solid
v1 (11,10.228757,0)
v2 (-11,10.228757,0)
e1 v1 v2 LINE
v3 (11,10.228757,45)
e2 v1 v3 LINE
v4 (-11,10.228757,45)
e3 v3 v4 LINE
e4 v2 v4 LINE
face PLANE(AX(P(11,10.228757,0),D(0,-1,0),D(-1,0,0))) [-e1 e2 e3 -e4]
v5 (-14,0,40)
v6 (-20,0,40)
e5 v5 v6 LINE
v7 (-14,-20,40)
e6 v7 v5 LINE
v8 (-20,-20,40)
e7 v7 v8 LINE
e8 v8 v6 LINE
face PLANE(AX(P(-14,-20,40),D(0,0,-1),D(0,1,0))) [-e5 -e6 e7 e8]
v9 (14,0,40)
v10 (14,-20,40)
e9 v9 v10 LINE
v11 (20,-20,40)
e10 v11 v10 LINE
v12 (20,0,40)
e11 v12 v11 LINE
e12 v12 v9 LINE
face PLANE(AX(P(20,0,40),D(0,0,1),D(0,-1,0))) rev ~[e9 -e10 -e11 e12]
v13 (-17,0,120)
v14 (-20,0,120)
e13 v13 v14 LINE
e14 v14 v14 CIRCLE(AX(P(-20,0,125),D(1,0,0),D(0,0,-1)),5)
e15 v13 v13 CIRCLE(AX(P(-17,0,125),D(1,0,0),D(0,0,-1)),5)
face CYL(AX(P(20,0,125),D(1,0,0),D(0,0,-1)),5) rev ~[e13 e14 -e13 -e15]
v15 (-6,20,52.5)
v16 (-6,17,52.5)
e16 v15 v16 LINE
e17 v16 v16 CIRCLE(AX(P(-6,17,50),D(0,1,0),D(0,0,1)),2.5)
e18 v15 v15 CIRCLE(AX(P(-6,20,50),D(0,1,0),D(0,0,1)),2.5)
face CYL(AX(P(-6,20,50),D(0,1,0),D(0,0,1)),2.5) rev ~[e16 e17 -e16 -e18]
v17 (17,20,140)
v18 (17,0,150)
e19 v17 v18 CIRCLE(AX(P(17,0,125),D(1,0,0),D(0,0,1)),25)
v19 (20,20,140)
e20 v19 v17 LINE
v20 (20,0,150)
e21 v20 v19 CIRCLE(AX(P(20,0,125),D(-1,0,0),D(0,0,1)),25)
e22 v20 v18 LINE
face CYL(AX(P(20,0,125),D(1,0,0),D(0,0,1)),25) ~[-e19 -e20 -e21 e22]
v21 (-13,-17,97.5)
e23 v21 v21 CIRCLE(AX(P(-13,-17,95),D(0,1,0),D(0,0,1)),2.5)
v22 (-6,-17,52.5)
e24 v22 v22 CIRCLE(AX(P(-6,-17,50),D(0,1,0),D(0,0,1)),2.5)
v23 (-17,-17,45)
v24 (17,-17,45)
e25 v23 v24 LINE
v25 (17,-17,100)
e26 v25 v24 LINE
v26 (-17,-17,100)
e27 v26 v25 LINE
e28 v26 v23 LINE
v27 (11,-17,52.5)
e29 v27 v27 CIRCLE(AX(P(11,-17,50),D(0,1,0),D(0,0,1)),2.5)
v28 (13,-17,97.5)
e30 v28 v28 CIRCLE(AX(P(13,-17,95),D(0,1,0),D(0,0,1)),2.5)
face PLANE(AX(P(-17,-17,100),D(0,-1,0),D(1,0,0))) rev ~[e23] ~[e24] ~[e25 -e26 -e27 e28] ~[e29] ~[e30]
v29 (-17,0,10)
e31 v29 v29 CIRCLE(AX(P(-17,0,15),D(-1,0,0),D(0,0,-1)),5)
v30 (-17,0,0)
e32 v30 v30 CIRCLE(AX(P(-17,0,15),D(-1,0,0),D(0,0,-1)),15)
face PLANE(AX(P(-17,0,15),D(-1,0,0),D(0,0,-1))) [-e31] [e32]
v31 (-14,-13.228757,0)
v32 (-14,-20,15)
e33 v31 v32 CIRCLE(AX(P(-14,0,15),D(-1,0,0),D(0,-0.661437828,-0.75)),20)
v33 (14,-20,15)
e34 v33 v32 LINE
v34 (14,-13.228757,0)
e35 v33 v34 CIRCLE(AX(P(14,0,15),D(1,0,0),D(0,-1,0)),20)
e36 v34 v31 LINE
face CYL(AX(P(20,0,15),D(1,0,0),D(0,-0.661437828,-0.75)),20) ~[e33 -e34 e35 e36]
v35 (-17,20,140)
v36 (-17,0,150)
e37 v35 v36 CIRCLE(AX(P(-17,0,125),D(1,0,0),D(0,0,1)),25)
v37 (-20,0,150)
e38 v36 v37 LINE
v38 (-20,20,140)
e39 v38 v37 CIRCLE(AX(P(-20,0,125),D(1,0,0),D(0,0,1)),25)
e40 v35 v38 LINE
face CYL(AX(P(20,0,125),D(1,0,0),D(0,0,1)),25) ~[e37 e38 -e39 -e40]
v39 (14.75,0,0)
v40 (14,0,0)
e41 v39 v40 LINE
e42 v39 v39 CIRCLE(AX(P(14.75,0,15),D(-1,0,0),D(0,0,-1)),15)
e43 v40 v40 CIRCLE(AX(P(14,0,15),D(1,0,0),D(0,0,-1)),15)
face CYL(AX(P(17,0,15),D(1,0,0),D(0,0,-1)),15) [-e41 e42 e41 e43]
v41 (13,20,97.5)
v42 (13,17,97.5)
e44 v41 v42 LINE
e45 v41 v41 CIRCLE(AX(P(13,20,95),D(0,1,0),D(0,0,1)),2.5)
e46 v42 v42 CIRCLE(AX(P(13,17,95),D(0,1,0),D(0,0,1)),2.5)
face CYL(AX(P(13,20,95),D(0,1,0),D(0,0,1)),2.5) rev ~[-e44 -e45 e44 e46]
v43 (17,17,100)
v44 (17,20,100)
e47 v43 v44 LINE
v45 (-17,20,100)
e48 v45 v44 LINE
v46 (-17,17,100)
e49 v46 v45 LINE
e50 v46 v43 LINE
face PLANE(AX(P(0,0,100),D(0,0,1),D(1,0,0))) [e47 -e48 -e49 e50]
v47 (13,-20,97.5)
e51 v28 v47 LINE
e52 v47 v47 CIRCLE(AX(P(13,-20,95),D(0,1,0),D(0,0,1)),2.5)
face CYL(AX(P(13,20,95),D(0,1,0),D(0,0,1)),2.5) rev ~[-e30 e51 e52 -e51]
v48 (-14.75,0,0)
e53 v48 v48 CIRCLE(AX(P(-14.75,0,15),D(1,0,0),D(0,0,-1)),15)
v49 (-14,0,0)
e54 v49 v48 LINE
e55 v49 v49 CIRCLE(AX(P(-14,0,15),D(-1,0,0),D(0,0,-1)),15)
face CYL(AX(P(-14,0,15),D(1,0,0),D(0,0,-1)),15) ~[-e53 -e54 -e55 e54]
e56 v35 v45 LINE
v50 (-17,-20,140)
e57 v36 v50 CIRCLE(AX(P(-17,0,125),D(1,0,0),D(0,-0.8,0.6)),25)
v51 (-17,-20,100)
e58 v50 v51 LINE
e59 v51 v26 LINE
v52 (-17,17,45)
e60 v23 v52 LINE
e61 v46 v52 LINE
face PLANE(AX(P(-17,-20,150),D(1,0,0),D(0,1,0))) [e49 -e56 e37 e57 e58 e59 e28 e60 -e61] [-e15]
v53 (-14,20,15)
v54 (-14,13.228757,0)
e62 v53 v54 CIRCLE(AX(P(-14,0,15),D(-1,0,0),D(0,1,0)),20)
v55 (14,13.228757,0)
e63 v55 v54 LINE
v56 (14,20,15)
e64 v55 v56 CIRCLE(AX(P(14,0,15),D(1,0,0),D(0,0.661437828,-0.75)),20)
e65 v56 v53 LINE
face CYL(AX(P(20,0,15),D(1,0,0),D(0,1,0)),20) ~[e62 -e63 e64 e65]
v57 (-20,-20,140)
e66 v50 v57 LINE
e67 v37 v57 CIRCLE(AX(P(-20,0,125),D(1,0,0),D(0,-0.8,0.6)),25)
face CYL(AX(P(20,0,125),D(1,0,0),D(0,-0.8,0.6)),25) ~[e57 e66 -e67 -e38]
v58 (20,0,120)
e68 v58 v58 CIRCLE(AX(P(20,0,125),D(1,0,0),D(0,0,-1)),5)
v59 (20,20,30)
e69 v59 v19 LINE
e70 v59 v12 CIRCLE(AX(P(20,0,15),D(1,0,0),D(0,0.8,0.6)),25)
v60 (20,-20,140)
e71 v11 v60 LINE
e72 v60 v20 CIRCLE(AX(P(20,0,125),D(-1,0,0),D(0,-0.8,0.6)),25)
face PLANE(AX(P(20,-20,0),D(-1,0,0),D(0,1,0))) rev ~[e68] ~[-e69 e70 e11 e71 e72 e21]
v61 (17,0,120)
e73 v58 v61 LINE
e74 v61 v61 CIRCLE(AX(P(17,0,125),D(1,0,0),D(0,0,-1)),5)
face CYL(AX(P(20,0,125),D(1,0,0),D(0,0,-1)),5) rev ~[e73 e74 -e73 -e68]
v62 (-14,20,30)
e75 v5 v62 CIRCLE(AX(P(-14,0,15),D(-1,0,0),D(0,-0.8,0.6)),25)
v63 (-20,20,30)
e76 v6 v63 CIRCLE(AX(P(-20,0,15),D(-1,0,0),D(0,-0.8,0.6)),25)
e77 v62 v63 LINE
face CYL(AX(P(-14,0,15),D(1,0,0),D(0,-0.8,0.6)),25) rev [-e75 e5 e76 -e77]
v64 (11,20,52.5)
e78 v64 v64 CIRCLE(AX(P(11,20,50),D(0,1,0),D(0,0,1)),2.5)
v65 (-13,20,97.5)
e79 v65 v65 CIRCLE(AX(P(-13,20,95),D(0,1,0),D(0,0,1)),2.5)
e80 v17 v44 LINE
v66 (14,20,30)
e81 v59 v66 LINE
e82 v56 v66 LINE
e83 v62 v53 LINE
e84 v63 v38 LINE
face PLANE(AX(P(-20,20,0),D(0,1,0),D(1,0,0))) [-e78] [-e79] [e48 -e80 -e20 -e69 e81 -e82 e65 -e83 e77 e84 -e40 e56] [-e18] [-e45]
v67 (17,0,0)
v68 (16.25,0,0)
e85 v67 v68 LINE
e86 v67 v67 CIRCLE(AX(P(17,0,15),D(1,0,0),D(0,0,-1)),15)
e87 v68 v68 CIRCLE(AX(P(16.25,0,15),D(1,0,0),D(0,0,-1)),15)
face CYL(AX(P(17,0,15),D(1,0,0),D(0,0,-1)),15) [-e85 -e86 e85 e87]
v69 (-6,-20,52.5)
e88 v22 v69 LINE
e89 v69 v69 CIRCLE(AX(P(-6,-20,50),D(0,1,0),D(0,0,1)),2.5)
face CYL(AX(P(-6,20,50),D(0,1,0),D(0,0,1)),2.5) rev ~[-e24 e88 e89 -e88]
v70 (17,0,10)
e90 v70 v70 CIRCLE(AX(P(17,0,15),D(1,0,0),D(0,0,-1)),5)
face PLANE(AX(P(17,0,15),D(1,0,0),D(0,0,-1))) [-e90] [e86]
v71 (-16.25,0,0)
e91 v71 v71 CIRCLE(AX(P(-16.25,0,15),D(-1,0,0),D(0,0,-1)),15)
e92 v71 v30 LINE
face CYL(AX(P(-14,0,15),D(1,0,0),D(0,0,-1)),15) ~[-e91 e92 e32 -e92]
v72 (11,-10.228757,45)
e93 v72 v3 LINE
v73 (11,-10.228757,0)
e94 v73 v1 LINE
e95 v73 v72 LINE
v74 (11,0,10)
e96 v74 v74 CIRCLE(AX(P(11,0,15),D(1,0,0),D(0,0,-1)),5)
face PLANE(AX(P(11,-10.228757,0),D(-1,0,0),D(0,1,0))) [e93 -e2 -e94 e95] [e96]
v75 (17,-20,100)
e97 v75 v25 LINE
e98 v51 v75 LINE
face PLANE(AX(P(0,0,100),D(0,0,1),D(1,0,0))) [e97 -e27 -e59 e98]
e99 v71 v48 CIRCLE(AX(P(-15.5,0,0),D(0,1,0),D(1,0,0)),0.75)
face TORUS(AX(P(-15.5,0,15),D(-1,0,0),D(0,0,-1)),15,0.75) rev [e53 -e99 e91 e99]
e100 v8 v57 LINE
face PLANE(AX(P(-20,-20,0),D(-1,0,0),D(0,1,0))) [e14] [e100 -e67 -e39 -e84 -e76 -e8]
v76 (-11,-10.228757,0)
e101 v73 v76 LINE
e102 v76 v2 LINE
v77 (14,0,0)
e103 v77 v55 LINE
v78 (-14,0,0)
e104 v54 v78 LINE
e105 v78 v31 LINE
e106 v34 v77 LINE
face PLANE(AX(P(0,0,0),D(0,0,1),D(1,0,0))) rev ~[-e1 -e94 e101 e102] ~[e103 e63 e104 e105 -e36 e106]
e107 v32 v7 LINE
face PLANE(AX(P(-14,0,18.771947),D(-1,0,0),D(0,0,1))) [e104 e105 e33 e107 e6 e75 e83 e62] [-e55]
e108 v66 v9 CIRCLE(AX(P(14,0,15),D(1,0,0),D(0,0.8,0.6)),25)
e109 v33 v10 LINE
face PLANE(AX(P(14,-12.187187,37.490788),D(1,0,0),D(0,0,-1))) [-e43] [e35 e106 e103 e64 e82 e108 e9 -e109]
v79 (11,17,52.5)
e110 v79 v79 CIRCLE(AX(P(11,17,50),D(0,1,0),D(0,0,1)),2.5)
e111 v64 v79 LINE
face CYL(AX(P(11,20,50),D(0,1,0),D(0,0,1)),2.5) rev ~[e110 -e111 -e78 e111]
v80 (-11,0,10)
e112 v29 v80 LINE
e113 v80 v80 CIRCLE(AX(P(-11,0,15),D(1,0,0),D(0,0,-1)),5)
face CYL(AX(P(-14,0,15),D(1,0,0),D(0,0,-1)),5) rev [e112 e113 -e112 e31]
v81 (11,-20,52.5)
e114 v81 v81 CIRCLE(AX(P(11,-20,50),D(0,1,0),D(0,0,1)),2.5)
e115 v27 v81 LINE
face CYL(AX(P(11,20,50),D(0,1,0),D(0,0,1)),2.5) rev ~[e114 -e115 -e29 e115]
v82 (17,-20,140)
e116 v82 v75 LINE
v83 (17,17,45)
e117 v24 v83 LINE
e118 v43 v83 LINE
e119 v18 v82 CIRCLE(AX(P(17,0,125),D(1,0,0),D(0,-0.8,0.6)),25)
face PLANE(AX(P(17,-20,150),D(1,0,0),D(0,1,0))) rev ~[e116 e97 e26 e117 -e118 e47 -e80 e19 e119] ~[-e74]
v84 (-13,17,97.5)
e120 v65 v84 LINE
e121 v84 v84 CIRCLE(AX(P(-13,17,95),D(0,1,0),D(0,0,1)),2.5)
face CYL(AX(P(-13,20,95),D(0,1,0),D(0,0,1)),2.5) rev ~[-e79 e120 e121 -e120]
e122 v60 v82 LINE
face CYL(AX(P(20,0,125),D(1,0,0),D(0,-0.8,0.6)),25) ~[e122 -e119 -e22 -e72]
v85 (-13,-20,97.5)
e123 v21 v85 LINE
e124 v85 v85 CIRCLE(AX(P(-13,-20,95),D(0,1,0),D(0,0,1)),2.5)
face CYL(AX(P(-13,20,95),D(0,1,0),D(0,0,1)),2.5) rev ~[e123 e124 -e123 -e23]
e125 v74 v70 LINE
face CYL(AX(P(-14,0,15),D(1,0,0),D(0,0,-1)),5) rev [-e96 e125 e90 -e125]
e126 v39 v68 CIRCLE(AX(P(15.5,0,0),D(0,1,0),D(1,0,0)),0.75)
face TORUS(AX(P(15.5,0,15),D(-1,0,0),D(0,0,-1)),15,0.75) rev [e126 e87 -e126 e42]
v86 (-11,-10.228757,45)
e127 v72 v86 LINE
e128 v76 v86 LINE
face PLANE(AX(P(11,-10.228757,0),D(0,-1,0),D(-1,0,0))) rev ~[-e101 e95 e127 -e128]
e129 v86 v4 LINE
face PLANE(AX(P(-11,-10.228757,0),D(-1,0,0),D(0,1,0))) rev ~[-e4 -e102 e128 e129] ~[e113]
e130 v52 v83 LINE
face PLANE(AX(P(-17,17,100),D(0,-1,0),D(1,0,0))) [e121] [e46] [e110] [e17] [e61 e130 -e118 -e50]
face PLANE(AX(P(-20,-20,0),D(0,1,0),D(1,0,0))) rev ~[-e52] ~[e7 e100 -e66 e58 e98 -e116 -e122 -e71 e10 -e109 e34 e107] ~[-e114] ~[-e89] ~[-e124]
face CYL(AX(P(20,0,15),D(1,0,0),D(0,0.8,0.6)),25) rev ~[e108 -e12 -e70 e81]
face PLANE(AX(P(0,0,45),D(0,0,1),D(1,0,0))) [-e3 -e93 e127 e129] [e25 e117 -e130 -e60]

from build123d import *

# Parameters (mm, degrees)
CROQUIS1_W              = 40
CROQUIS1_H              = 40
SALIENTE_EXTRUIR1_DEPTH = 150
CROQUIS2_W              = 34
CROQUIS2_H              = 40
CORTAR_EXTRUIR1_DEPTH   = 50
CORTAR_EXTRUIR5_DEPTH   = 157.524758425
CROQUIS4_R              = 5
CORTAR_EXTRUIR6_DEPTH   = 157.524758425
CORTAR_EXTRUIR10_DEPTH  = 157.524758425
CROQUIS5_R              = 5
CORTAR_EXTRUIR7_DEPTH   = 157.524758425
CROQUIS6_R              = 5
CORTAR_EXTRUIR8_DEPTH   = 6
CORTAR_EXTRUIR11_START  = -6
CROQUIS9_R              = 5
CORTAR_EXTRUIR11_DEPTH  = 6
SALIENTE_EXTRUIR2_START = 3
CROQUIS10_R             = 15
CROQUIS10_R_2           = 5
SALIENTE_EXTRUIR2_DEPTH = 3
CROQUIS11_R             = 15
CROQUIS11_R_2           = 5
SALIENTE_EXTRUIR3_DEPTH = 3
CROQUIS12_R             = 0.75
CORTAR_EXTRUIR12_DEPTH  = 6
CORTAR_EXTRUIR13_START  = -6
CORTAR_EXTRUIR13_DEPTH  = 6
CROQUIS15_W             = 22
CROQUIS15_H             = 20.45751311
CORTAR_EXTRUIR14_DEPTH  = 153.643375225
CROQUIS16_W             = 34
CROQUIS16_H             = 34
CORTAR_EXTRUIR15_DEPTH  = 55
CROQUIS17_R             = 2.5
CORTAR_EXTRUIR16_DEPTH  = 157.524758425
CROQUIS18_R             = 2.5
CORTAR_EXTRUIR17_DEPTH  = 157.524758425


with BuildPart() as part:
    # Croquis1 → Saliente-Extruir1 (new body)
    with BuildSketch(Plane.XY):
        Rectangle(CROQUIS1_W, CROQUIS1_H)
    extrude(amount=SALIENTE_EXTRUIR1_DEPTH)

    # Croquis2 → Cortar-Extruir1 (cut)
    with BuildSketch(Plane.XY.offset(150)):
        Rectangle(CROQUIS2_W, CROQUIS2_H)
    extrude(amount=-CORTAR_EXTRUIR1_DEPTH, mode=Mode.SUBTRACT)

    # Croquis3 → Cortar-Extruir5 (cut, through all)
    with BuildSketch(Plane(origin=(20, 0, 0), x_dir=(0, 0, -1), z_dir=(1, 0, 0))):
        with BuildLine():
            ThreePointArc((-140, -20), (-147.360679775, -11.180339887), (-150, 0))
            Line((-150, 0), (-150, -20))
            Line((-150, -20), (-140, -20))
        make_face()
        with BuildLine():
            Line((-140, 20), (-150, 20))
            Line((-150, 20), (-150, 0))
            ThreePointArc((-150, 0), (-147.360679775, 11.180339887), (-140, 20))
        make_face()
    extrude(amount=-CORTAR_EXTRUIR5_DEPTH, mode=Mode.SUBTRACT)

    # Croquis4 → Cortar-Extruir6 (cut, through all)
    with BuildSketch(Plane(origin=(20, 0, 0), x_dir=(0, 0, -1), z_dir=(1, 0, 0))):
        with Locations((-125, 0)):
            Circle(CROQUIS4_R)
    extrude(amount=-CORTAR_EXTRUIR6_DEPTH, mode=Mode.SUBTRACT)

    # Croquis8 → Cortar-Extruir10 (cut, through all)
    with BuildSketch(Plane(origin=(20, 0, 0), x_dir=(0, 0, -1), z_dir=(1, 0, 0))):
        with BuildLine():
            Line((0, 20), (-15, 20))
            ThreePointArc((-15, 20), (-6.771243445, 18.228756555), (0, 13.228756555))
            Line((0, 13.228756555), (0, 20))
        make_face()
        with BuildLine():
            Line((0, -20), (0, -13.228756555))
            ThreePointArc((0, -13.228756555), (-6.771243445, -18.228756555), (-15, -20))
            Line((-15, -20), (0, -20))
        make_face()
    extrude(amount=-CORTAR_EXTRUIR10_DEPTH, mode=Mode.SUBTRACT)

    # Croquis5 → Cortar-Extruir7 (cut, through all)
    with BuildSketch(Plane(origin=(20, 0, 0), x_dir=(0, 0, -1), z_dir=(1, 0, 0))):
        with Locations((-15, 0)):
            Circle(CROQUIS5_R)
    extrude(amount=-CORTAR_EXTRUIR7_DEPTH, mode=Mode.SUBTRACT)

    # Croquis6 → Cortar-Extruir8 (cut)
    with BuildSketch(Plane(origin=(20, 0, 0), x_dir=(0, 0, -1), z_dir=(1, 0, 0))):
        with BuildLine():
            ThreePointArc((-30, 20), (-40, 0), (-30, -20))
            Line((-30, -20), (-15, -20))
            ThreePointArc((-15, -20), (-6.771243445, -18.228756555), (0, -13.228756555))
            Line((0, -13.228756555), (0, 13.228756555))
            ThreePointArc((0, 13.228756555), (-6.771243445, 18.228756555), (-15, 20))
            Line((-15, 20), (-30, 20))
        make_face()
        with Locations((-15, 0)):
            Circle(CROQUIS6_R, mode=Mode.SUBTRACT)
    extrude(amount=-CORTAR_EXTRUIR8_DEPTH, mode=Mode.SUBTRACT)

    # Croquis9 → Cortar-Extruir11 (cut)
    with BuildSketch(Plane.ZY.offset(20).offset(CORTAR_EXTRUIR11_START)):
        with BuildLine():
            ThreePointArc((30, -20), (40, 0), (30, 20))
            Line((30, 20), (15, 20))
            ThreePointArc((15, 20), (6.771243445, 18.228756555), (0, 13.228756555))
            Line((0, 13.228756555), (0, -13.228756555))
            ThreePointArc((0, -13.228756555), (6.771243445, -18.228756555), (15, -20))
            Line((15, -20), (30, -20))
        make_face()
        with Locations(Location((15, 0, 0), (0, 0, 180))):
            Circle(CROQUIS9_R, mode=Mode.SUBTRACT)
    extrude(amount=CORTAR_EXTRUIR11_DEPTH, mode=Mode.SUBTRACT)

    # Croquis10 → Saliente-Extruir2 (add)
    with BuildSketch(Plane(origin=(14, 0, 0), x_dir=(0, 0, -1), z_dir=(1, 0, 0)).offset(SALIENTE_EXTRUIR2_START)):
        with Locations((-15, 0)):
            Circle(CROQUIS10_R)
        with Locations((-15, 0)):
            Circle(CROQUIS10_R_2, mode=Mode.SUBTRACT)
    extrude(amount=-SALIENTE_EXTRUIR2_DEPTH)

    # Croquis11 → Saliente-Extruir3 (add)
    with BuildSketch(Plane.ZY.offset(14)):
        with Locations(Location((15, 0, 0), (0, 0, 180))):
            Circle(CROQUIS11_R)
        with Locations(Location((15, 0, 0), (0, 0, 180))):
            Circle(CROQUIS11_R_2, mode=Mode.SUBTRACT)
    extrude(amount=SALIENTE_EXTRUIR3_DEPTH)

    # Croquis12 → Cortar-Revolución1 (revolve, cut)
    with BuildSketch(Plane.XY.offset(15), mode=Mode.PRIVATE) as cortar_revoluci_n1_sk:
        with Locations((15.5, 15)):
            Circle(CROQUIS12_R)
        with Locations((-15.5, 15)):
            Circle(CROQUIS12_R)
    revolve(cortar_revoluci_n1_sk.sketch.rotate(Axis((-18, 0, 15), (1, 0, 0)), 270), axis=Axis((-18, 0, 15), (1, 0, 0)), mode=Mode.SUBTRACT)

    # Croquis13 → Cortar-Extruir12 (cut)
    with BuildSketch(Plane(origin=(20, 0, 0), x_dir=(0, 0, -1), z_dir=(1, 0, 0))):
        with BuildLine():
            Line((-40, 0), (-40, -20))
            Line((-40, -20), (-30, -20))
            ThreePointArc((-30, -20), (-37.360679775, -11.180339887), (-40, 0))
        make_face()
    extrude(amount=-CORTAR_EXTRUIR12_DEPTH, mode=Mode.SUBTRACT)

    # Croquis14 → Cortar-Extruir13 (cut)
    with BuildSketch(Plane.ZY.offset(20).offset(CORTAR_EXTRUIR13_START)):
        with BuildLine():
            Line((30, -20), (40, -20))
            Line((40, -20), (40, 0))
            ThreePointArc((40, 0), (37.360679775, -11.180339887), (30, -20))
        make_face()
    extrude(amount=CORTAR_EXTRUIR13_DEPTH, mode=Mode.SUBTRACT)

    # Croquis15 → Cortar-Extruir14 (cut, through all)
    with BuildSketch(Plane(origin=(0, 0, 0), x_dir=(-1, 0, 0), z_dir=(0, 0, -1))):
        Rectangle(CROQUIS15_W, CROQUIS15_H)
    extrude(amount=-CORTAR_EXTRUIR14_DEPTH, mode=Mode.SUBTRACT)

    # Croquis16 → Cortar-Extruir15 (cut)
    with BuildSketch(Plane.XY.offset(100)):
        Rectangle(CROQUIS16_W, CROQUIS16_H)
    extrude(amount=-CORTAR_EXTRUIR15_DEPTH, mode=Mode.SUBTRACT)

    # Croquis17 → Cortar-Extruir16 (cut, through all)
    with BuildSketch(Plane(origin=(0, 20, 0), x_dir=(1, 0, 0), z_dir=(0, 1, 0))):
        with Locations(Location((-13, -95, 0), (0, 0, 270))):
            Circle(CROQUIS17_R)
        with Locations(Location((13, -95, 0), (0, 0, 270))):
            Circle(CROQUIS17_R)
    extrude(amount=-CORTAR_EXTRUIR16_DEPTH, mode=Mode.SUBTRACT)

    # Croquis18 → Cortar-Extruir17 (cut, through all)
    with BuildSketch(Plane(origin=(0, 20, 0), x_dir=(1, 0, 0), z_dir=(0, 1, 0))):
        with Locations(Location((11, -50, 0), (0, 0, 270))):
            Circle(CROQUIS18_R)
        with Locations(Location((-6, -50, 0), (0, 0, 270))):
            Circle(CROQUIS18_R)
    extrude(amount=-CORTAR_EXTRUIR17_DEPTH, mode=Mode.SUBTRACT)


solid = part.part
